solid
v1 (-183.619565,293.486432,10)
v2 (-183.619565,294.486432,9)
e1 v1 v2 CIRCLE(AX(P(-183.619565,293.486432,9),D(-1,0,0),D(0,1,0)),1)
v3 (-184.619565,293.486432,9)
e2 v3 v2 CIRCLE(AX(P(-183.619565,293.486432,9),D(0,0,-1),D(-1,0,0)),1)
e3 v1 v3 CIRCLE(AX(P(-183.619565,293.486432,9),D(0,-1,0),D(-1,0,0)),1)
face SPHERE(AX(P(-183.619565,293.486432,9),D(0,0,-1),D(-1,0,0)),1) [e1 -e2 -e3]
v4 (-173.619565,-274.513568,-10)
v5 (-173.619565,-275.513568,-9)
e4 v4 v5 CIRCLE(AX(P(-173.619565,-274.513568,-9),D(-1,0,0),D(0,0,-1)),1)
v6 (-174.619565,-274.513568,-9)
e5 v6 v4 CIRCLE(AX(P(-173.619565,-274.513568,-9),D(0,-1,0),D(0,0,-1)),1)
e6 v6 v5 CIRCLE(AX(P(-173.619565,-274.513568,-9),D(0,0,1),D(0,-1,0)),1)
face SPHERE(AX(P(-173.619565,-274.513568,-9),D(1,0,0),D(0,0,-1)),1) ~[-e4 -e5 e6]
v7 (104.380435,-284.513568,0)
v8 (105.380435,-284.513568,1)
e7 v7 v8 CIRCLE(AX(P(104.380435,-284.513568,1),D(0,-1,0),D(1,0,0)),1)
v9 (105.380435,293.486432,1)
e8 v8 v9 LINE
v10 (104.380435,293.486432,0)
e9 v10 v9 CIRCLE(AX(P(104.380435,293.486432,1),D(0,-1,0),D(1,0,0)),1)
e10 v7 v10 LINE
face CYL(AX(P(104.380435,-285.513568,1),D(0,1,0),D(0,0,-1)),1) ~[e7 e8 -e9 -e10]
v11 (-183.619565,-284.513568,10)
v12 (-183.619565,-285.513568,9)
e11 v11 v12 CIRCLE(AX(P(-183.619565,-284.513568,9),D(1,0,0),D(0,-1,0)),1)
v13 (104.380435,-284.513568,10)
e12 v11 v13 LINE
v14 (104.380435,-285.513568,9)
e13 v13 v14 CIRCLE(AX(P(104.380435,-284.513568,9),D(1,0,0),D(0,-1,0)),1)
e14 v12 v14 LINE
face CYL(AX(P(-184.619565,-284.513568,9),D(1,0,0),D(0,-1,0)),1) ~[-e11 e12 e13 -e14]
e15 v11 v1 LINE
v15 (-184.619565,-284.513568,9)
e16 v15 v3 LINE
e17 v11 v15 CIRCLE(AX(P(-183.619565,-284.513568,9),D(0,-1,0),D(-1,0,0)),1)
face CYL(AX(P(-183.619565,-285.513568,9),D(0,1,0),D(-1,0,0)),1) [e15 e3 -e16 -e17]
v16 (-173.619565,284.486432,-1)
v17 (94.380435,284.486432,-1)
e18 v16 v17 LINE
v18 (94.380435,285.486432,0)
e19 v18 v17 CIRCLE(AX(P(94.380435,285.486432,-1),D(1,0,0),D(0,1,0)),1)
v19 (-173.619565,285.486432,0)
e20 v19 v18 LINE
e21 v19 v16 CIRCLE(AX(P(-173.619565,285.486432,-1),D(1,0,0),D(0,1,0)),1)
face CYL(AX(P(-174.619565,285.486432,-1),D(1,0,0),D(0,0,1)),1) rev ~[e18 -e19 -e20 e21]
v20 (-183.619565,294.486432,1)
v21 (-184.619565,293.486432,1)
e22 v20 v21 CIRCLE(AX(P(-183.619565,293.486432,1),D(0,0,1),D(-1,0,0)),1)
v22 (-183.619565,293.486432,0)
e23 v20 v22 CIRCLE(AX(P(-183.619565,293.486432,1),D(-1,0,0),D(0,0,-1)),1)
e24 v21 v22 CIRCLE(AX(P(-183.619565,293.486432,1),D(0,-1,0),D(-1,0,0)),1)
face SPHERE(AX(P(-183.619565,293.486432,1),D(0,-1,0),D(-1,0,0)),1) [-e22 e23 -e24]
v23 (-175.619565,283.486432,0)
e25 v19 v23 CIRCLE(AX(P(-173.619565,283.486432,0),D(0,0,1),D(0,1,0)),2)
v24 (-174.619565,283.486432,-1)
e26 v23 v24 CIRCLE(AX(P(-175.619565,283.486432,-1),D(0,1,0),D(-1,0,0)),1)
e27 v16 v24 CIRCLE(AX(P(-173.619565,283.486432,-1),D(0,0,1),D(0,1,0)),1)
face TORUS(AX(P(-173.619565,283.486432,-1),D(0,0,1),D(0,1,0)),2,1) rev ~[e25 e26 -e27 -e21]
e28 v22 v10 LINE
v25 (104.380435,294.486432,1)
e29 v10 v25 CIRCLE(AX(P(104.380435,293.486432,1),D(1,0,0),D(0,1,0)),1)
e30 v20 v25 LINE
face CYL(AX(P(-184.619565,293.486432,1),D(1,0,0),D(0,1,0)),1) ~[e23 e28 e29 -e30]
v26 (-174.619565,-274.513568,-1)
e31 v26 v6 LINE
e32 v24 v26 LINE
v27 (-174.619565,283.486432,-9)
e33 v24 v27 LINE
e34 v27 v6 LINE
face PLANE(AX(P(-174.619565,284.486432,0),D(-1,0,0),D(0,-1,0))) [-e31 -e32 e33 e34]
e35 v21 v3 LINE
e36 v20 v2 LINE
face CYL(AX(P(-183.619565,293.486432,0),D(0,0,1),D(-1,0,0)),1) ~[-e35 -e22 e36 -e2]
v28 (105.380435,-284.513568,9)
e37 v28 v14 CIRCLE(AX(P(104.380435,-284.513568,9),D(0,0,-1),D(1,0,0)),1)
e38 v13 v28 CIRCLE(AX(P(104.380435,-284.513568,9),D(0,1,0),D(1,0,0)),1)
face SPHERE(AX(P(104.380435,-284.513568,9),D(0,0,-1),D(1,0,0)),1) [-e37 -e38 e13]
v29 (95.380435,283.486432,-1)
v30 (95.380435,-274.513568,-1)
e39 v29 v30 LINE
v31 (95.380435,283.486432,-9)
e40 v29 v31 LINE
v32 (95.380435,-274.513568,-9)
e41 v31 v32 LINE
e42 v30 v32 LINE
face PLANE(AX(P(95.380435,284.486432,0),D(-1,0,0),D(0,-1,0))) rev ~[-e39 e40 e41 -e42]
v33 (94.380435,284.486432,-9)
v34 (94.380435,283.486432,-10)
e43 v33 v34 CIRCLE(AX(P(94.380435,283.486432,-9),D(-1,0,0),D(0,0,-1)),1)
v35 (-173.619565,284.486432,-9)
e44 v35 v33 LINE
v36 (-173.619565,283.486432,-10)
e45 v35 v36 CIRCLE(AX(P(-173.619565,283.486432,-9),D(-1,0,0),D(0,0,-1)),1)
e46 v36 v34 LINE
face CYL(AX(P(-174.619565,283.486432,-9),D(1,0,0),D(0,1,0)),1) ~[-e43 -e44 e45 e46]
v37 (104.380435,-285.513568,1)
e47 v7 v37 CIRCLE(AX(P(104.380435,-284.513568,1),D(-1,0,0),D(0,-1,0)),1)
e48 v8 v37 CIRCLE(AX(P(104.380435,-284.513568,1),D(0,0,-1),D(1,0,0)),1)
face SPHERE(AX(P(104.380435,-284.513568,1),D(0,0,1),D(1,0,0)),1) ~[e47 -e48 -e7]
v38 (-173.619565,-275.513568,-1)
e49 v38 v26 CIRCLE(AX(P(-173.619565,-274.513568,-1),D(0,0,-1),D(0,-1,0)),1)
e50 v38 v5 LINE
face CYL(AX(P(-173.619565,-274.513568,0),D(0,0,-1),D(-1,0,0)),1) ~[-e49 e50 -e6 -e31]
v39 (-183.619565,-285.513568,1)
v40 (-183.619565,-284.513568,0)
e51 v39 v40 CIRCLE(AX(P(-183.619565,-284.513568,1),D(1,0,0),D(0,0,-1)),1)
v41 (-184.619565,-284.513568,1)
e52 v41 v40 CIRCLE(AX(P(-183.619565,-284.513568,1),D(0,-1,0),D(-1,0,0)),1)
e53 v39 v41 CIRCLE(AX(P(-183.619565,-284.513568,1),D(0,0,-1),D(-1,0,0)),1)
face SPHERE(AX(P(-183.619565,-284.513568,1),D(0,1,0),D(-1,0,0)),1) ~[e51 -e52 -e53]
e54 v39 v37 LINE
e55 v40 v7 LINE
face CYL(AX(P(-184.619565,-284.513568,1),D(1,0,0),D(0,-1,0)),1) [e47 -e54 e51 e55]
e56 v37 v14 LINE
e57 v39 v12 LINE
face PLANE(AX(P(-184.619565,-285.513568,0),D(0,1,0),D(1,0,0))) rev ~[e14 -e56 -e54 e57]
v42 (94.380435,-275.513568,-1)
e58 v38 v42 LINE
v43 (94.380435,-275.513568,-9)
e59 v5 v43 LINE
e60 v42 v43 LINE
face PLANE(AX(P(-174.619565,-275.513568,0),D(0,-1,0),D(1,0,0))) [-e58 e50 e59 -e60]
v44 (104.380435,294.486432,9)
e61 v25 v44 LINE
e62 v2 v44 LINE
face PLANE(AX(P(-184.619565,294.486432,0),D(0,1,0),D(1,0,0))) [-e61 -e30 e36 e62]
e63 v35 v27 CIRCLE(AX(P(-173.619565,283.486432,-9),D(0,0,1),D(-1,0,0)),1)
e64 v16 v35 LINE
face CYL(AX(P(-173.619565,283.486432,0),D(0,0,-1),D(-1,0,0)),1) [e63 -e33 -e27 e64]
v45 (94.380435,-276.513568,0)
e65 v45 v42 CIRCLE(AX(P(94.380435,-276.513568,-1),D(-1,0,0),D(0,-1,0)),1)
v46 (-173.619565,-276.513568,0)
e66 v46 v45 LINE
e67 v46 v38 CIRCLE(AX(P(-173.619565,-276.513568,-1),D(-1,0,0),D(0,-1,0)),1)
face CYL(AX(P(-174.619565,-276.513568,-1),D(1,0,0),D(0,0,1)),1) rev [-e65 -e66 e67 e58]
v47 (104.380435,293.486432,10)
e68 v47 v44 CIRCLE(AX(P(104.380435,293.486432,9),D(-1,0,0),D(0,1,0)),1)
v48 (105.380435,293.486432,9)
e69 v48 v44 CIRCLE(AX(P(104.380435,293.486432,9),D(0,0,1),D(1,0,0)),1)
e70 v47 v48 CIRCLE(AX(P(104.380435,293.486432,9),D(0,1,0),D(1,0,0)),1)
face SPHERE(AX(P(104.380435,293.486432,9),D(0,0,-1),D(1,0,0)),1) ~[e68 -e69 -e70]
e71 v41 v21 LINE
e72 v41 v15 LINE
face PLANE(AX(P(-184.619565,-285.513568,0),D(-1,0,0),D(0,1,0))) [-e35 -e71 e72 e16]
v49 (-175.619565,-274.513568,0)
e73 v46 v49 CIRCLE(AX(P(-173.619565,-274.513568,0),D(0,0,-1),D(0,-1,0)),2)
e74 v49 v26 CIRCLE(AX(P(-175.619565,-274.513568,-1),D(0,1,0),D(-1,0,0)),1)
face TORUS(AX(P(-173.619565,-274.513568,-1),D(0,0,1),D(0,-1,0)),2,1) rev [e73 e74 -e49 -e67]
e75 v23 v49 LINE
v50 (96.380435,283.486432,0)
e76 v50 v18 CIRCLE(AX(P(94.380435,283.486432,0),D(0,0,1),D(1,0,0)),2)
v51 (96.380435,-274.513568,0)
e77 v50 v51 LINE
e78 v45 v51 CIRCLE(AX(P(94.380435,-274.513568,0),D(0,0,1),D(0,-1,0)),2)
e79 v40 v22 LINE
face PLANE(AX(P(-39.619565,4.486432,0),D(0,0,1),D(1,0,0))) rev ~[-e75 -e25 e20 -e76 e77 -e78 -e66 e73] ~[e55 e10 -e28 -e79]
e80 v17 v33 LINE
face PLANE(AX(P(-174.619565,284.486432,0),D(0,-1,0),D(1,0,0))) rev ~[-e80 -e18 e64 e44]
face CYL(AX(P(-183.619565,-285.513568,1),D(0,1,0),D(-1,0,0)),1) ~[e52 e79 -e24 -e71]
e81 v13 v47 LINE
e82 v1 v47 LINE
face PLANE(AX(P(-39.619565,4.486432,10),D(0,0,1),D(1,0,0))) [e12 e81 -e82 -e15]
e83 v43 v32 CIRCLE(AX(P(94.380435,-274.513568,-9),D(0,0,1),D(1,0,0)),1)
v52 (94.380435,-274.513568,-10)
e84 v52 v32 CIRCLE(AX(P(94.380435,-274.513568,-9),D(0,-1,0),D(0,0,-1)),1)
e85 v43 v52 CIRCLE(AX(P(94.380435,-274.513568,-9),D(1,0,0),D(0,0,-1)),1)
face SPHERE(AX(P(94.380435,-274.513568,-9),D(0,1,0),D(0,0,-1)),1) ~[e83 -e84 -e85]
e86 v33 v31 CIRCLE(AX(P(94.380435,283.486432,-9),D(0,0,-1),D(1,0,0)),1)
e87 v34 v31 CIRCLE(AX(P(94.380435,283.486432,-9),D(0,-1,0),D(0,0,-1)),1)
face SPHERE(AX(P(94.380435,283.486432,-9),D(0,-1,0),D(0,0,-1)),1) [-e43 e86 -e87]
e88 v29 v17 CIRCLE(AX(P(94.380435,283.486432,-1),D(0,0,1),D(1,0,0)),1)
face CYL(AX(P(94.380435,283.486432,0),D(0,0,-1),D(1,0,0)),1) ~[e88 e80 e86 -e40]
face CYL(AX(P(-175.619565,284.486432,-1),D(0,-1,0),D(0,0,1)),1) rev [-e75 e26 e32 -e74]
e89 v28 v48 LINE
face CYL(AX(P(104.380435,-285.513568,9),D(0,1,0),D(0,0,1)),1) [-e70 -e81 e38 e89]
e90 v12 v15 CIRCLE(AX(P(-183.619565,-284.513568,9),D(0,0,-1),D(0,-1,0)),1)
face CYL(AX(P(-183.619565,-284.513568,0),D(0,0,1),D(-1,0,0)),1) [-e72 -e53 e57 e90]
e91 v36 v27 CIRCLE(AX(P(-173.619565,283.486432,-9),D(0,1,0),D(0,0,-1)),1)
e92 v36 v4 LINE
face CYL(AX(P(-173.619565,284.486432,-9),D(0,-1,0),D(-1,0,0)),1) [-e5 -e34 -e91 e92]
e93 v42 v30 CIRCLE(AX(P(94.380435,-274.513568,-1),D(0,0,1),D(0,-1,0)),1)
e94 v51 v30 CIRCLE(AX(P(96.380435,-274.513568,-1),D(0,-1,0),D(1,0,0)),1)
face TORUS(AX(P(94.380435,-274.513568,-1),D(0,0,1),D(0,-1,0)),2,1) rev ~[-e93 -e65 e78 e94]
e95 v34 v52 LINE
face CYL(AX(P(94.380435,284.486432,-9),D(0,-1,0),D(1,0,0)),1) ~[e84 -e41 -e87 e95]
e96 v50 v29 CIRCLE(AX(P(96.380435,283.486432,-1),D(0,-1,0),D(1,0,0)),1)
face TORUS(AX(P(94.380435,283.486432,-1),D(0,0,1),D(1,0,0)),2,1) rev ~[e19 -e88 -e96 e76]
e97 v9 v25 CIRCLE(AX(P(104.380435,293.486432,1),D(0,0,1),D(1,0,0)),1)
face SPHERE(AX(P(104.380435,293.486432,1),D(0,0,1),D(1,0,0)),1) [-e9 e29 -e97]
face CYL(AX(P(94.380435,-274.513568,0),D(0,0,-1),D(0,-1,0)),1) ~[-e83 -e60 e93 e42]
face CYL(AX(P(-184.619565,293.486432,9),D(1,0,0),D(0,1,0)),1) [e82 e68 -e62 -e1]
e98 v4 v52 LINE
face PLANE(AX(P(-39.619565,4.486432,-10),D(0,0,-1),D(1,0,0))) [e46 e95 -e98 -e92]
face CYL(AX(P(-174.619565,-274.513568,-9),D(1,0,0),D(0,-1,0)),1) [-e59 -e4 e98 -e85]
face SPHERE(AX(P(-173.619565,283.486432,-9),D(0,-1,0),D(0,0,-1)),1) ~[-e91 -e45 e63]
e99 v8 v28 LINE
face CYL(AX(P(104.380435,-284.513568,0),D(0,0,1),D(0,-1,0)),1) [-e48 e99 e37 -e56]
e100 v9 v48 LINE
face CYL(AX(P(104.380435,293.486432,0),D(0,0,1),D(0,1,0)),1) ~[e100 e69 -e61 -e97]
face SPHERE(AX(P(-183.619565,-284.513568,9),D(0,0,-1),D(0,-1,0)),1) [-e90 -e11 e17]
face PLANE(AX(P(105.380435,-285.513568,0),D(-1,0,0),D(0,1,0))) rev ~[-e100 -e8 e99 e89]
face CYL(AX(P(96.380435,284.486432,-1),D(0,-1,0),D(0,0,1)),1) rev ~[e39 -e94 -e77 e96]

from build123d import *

# Parameters (mm, degrees)
F0_W     = 290
F0_H     = 580
F1_DEPTH = 10
F2_W     = 270
F2_H     = 560
F3_DEPTH = 10
F4_R     = 1


with BuildPart() as f1:
    # F0 (on Top) → F1 (new body)
    with BuildSketch(Plane.XY):
        with Locations((-39.619565, 4.486432)):
            Rectangle(F0_W, F0_H)
    extrude(amount=F1_DEPTH)

    # F2 (on face) → F3 (join)
    with BuildSketch(Plane(origin=(0, 0, 0), x_dir=(1, 0, 0), z_dir=(0, 0, -1))):
        with Locations((-39.619565, -4.486432)):
            Rectangle(F2_W, F2_H)
    extrude(amount=F3_DEPTH)

    # F4
    f4_edges = [f1.edges().sort_by_distance(p)[0] for p in [
        (95.380435, 4.486432, -10),
        (-39.619565, -275.513568, -10),
        (-174.619565, 4.486432, -10),
        (-39.619565, 284.486432, -10),
        (-184.619565, 4.486432, 0),
        (95.380435, -275.513568, -5),
        (-174.619565, -275.513568, -5),
        (-39.619565, -275.513568, 0),
        (95.380435, 284.486432, -5),
        (95.380435, 4.486432, 0),
        (105.380435, -285.513568, 5),
        (105.380435, 294.486432, 5),
        (105.380435, 4.486432, 0),
        (105.380435, 4.486432, 10),
        (-184.619565, -285.513568, 5),
        (-39.619565, -285.513568, 0),
        (-39.619565, -285.513568, 10),
        (-184.619565, 294.486432, 5),
        (-184.619565, 4.486432, 10),
        (-39.619565, 294.486432, 0),
        (-39.619565, 294.486432, 10),
        (-174.619565, 284.486432, -5),
        (-39.619565, 284.486432, 0),
        (-174.619565, 4.486432, 0),
    ]]
    fillet(f4_edges, radius=F4_R)


solid = f1.part
